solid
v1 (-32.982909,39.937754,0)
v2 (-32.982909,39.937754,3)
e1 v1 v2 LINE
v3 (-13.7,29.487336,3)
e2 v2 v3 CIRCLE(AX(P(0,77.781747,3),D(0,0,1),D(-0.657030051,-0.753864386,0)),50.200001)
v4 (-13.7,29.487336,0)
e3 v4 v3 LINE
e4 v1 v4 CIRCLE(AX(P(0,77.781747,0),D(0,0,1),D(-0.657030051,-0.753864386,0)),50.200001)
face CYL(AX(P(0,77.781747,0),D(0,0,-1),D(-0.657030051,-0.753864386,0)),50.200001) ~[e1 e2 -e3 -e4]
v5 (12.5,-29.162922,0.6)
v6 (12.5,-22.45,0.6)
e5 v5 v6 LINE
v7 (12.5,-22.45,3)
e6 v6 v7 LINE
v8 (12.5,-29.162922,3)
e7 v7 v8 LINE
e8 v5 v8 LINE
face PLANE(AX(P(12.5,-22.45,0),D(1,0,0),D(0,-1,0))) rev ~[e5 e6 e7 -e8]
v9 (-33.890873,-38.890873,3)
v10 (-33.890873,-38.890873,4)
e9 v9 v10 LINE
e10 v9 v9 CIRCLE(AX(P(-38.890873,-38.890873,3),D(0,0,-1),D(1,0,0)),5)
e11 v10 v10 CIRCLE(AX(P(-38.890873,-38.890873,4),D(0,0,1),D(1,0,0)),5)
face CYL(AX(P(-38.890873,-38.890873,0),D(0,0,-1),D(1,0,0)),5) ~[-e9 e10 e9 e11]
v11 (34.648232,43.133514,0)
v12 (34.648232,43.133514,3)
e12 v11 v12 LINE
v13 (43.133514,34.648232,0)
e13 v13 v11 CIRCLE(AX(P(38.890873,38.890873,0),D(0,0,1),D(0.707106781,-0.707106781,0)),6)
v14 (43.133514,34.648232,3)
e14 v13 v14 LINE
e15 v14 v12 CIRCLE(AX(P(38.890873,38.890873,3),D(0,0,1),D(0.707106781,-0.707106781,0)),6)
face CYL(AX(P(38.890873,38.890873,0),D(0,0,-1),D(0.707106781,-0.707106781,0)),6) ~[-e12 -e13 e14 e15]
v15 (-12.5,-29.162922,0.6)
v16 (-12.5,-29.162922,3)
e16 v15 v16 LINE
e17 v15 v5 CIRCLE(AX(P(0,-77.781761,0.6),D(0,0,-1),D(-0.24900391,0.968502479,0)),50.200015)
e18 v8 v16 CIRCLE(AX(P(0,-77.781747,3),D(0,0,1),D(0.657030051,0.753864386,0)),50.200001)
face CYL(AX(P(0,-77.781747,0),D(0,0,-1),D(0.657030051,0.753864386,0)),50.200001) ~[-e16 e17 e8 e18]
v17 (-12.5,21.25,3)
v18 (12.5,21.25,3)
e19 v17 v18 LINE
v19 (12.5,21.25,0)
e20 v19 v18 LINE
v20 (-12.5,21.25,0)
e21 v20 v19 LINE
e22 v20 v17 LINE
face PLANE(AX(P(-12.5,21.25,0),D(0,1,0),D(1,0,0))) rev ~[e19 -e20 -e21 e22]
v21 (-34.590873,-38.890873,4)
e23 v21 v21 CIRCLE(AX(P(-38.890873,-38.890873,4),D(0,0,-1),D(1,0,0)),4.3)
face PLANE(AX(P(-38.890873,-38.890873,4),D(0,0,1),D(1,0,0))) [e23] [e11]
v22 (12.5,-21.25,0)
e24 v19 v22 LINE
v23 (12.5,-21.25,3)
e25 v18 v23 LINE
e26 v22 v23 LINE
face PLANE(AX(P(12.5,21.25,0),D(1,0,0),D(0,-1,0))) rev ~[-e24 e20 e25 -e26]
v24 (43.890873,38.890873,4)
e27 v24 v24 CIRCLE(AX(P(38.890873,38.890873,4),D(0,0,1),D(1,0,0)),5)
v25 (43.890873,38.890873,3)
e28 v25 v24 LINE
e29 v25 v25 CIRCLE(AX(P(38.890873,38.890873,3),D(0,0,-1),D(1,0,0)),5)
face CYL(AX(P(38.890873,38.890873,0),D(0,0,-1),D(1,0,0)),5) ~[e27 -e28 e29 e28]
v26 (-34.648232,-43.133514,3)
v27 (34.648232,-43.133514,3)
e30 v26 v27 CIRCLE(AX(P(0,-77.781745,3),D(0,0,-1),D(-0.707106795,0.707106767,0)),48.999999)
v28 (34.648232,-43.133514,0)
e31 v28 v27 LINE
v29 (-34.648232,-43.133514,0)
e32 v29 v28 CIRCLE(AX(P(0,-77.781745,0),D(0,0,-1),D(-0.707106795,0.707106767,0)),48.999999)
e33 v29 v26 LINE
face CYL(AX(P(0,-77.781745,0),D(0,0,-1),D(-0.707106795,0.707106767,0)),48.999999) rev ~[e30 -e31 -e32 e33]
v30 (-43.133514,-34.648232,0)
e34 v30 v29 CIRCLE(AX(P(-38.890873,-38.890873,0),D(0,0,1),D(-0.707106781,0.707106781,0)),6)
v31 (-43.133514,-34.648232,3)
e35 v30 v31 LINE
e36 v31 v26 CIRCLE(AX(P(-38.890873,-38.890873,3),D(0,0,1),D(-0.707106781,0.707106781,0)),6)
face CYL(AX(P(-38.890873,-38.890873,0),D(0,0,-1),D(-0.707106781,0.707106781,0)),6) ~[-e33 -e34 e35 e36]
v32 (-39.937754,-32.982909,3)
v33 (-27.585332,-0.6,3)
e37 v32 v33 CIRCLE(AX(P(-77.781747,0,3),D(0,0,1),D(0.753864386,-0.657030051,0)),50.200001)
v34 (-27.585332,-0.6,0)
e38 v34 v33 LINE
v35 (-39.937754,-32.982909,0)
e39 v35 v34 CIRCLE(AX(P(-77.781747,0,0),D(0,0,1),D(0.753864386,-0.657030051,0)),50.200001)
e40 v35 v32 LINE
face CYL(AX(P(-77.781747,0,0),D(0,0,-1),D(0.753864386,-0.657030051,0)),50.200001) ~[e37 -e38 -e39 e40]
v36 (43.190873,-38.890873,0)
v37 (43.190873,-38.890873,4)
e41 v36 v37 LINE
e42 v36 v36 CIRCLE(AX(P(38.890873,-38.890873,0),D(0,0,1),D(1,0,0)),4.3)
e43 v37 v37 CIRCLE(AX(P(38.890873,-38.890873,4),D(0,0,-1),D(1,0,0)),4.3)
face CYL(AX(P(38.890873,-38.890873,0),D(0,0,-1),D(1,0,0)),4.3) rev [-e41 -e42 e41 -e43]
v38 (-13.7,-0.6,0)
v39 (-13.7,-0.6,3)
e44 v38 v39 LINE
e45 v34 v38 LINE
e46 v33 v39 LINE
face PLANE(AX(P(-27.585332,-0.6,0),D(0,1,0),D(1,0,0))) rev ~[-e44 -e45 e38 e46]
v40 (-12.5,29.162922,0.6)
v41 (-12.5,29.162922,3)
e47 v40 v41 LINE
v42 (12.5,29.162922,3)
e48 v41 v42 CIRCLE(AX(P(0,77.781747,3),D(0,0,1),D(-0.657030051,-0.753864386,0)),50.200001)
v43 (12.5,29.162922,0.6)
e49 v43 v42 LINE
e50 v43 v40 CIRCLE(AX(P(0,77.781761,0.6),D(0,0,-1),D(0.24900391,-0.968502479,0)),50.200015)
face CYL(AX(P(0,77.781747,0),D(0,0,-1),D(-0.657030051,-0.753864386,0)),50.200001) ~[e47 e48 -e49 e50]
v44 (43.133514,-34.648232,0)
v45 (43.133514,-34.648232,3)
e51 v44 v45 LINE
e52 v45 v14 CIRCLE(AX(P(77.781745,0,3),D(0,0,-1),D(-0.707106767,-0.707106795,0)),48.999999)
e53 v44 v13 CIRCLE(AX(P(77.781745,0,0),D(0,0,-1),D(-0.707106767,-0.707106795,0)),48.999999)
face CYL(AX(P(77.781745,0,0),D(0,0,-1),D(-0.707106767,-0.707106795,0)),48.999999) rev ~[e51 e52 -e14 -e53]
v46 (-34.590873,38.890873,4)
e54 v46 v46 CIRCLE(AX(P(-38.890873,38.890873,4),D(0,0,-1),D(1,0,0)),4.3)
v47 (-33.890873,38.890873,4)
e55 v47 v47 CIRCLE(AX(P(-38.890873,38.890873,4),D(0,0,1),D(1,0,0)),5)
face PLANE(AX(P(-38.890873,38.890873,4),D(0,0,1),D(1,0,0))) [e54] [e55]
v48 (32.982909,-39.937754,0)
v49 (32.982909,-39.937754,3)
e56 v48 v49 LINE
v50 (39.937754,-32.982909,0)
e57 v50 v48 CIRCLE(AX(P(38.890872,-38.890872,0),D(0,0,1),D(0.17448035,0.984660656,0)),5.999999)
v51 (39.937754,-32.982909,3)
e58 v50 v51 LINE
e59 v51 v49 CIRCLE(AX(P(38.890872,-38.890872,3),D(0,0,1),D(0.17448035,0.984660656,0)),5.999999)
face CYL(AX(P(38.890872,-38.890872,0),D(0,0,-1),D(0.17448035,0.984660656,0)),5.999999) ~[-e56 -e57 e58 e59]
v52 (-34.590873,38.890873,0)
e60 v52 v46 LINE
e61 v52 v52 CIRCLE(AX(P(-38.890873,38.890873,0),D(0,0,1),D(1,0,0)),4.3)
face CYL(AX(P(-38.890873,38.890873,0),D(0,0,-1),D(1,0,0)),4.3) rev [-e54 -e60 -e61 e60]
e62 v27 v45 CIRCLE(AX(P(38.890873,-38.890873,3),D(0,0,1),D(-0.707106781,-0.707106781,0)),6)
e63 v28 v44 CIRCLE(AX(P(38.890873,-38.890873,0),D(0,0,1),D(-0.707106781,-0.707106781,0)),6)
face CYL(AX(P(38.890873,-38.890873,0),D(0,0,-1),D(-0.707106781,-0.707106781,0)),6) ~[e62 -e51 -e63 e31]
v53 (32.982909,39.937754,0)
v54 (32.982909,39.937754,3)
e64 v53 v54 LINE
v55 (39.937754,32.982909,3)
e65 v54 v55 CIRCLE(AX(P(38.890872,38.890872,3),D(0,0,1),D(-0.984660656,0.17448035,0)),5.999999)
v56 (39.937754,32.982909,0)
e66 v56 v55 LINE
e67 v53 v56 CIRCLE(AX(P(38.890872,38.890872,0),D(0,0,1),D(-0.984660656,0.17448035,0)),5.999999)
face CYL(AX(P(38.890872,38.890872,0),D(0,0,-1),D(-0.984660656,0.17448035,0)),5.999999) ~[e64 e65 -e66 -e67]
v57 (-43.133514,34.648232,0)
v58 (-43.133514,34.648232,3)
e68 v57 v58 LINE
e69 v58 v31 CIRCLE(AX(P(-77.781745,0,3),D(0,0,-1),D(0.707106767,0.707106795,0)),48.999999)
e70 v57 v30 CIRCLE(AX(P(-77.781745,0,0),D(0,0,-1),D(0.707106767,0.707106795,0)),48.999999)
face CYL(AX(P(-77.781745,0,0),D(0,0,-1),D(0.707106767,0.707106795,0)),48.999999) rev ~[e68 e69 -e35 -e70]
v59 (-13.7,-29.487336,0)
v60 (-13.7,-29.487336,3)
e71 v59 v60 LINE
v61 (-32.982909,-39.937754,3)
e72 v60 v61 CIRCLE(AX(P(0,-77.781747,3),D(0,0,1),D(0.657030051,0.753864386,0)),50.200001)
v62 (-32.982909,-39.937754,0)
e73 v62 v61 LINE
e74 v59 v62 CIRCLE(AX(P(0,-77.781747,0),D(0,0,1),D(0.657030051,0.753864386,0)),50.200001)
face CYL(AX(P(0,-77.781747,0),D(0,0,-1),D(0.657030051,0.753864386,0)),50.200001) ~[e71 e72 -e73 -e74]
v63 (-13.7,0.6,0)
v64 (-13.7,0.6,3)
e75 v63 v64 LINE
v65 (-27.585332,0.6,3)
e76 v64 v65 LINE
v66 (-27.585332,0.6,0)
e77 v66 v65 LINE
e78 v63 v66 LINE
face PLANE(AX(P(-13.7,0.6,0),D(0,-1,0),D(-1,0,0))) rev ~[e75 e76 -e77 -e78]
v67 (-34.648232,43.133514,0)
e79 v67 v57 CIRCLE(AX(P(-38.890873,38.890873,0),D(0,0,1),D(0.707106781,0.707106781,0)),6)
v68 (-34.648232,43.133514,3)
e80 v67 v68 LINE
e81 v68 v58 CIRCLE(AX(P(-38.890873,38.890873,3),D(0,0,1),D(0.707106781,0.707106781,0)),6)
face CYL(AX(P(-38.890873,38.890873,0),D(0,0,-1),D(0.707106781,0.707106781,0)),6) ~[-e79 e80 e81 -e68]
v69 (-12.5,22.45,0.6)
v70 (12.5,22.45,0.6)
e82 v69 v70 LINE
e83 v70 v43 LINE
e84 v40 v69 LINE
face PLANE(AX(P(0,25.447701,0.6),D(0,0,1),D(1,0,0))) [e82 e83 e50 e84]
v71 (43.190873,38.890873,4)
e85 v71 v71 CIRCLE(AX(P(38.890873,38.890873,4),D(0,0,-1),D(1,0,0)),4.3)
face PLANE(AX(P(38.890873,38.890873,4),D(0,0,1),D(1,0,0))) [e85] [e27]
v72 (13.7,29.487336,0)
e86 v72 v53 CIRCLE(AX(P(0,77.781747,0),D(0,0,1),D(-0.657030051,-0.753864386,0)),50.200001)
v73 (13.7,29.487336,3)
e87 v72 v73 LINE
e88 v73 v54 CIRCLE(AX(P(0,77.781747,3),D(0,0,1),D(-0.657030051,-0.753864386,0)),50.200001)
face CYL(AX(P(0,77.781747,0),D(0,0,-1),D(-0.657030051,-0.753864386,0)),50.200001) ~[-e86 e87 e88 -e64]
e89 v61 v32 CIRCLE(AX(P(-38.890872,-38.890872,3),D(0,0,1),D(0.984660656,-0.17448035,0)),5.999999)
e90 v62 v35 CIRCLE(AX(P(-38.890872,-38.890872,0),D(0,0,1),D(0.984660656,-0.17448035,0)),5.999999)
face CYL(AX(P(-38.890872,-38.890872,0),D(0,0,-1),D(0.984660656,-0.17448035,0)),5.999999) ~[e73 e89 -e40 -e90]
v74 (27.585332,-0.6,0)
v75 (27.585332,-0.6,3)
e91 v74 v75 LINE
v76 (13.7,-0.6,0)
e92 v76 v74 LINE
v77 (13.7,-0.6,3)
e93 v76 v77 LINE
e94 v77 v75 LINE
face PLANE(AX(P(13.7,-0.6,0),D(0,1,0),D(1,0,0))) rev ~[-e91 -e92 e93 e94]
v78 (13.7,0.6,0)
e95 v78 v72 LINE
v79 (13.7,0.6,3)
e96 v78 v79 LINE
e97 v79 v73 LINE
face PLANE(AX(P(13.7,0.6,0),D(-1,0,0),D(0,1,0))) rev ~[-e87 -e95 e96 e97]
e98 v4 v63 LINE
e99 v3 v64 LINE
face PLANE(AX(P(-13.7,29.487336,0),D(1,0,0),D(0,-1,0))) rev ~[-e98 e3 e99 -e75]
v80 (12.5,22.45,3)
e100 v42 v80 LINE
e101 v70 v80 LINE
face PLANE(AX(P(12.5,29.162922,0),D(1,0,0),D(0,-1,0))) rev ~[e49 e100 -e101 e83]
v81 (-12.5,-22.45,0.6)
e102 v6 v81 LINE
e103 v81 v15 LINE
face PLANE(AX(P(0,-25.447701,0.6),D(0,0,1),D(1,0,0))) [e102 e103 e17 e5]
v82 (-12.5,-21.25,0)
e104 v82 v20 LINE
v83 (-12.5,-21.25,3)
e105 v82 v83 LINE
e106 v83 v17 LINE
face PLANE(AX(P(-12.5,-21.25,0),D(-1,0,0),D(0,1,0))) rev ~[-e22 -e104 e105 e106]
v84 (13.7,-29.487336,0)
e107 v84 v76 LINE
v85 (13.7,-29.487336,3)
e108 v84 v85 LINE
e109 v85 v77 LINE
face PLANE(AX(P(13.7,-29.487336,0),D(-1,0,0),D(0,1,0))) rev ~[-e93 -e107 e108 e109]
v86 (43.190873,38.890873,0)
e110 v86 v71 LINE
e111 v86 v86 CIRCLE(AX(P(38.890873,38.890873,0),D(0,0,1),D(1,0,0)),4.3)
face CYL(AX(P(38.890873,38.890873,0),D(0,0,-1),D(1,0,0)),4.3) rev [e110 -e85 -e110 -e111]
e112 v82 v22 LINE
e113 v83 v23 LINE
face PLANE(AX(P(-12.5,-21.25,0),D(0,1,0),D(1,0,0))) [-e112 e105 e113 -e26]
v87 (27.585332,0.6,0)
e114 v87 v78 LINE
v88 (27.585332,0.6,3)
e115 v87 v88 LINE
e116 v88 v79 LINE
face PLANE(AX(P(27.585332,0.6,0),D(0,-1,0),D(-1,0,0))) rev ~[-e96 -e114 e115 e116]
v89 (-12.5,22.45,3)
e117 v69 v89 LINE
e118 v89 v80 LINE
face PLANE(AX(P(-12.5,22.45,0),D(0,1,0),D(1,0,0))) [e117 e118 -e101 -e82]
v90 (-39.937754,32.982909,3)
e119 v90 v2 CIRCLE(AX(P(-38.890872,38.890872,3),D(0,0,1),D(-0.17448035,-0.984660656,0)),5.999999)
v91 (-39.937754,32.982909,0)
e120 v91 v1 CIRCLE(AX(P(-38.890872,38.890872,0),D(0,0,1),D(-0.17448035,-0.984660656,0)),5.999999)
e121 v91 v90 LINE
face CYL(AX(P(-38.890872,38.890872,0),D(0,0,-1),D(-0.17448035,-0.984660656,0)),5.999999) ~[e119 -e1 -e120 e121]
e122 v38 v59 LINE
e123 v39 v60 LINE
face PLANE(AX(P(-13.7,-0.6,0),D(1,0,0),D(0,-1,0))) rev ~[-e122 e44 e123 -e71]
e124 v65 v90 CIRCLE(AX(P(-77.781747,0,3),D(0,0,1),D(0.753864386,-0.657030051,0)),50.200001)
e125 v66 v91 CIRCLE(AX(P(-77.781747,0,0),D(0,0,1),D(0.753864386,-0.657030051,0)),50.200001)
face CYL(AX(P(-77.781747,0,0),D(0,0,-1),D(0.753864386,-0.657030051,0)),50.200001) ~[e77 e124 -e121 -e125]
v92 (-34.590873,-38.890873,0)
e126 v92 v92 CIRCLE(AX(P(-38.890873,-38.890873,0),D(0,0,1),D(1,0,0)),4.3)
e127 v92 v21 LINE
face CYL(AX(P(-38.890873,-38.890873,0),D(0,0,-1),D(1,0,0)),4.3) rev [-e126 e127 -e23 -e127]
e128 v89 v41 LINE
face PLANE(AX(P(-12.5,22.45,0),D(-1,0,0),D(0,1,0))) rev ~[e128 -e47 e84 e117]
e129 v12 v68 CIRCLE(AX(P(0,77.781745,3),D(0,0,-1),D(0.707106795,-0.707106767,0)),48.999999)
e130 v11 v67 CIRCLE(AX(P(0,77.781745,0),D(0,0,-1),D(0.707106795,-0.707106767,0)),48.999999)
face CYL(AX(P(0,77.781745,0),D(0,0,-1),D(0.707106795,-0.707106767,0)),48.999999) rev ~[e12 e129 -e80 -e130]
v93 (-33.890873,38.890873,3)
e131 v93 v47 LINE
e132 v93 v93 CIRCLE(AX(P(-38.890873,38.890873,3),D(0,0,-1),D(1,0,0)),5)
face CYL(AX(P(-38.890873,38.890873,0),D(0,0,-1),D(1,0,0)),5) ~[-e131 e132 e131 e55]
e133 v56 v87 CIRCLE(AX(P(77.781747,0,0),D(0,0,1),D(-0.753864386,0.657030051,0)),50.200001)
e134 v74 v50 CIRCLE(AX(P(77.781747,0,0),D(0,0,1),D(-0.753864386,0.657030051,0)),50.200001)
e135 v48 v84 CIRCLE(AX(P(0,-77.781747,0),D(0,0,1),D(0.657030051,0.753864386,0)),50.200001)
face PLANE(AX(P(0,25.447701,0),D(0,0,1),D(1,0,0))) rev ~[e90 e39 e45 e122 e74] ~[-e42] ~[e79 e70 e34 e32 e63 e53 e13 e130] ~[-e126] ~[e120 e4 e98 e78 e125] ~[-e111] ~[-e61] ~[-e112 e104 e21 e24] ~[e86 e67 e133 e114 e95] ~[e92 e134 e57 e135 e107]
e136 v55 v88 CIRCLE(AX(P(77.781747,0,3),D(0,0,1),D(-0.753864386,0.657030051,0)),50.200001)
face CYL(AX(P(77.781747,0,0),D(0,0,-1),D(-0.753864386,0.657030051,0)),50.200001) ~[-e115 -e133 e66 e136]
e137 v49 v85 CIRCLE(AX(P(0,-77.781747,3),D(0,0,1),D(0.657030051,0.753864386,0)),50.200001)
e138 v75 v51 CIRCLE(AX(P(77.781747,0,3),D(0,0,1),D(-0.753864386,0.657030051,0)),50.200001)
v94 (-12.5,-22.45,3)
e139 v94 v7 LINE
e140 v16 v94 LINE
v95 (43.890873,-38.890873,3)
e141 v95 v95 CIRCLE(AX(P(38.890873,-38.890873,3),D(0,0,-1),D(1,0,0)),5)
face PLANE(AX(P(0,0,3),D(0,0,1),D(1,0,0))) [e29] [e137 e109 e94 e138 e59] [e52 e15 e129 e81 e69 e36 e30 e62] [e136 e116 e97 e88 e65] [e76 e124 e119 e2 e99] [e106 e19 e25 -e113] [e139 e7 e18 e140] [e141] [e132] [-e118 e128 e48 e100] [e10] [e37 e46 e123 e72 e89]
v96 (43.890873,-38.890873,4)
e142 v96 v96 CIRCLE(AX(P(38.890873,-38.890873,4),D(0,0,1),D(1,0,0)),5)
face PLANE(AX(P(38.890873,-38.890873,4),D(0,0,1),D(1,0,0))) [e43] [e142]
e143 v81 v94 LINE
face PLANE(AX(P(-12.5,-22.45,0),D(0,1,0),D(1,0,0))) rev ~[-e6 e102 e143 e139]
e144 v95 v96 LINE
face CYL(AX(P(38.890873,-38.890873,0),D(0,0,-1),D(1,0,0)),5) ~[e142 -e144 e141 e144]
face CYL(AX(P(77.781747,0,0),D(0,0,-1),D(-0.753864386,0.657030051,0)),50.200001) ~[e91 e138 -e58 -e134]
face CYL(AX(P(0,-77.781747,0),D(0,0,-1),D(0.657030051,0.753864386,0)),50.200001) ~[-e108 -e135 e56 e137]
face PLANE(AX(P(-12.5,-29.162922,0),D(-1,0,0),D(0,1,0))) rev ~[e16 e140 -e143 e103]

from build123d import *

# Parameters (mm, degrees)
F4_DEPTH = 3
F3_R     = 5
F5_DEPTH = 4
F2_W     = 25
F2_H     = 1.2
F7_DEPTH = 3
F8_DEPTH = 0.6
F6_R     = 4.3
F9_DEPTH = 4.001


with BuildPart() as f4:
    # F1 (on Top) → F4 (new body)
    with BuildSketch(Plane.XY):
        with BuildLine():
            ThreePointArc((-34.648232, 43.133514), (-43.133514, 43.133514), (-43.133514, 34.648232))
            ThreePointArc((-43.133514, 34.648232), (-28.781746, 0), (-43.133514, -34.648232))
            ThreePointArc((-43.133514, -34.648232), (-43.133514, -43.133514), (-34.648232, -43.133514))
            ThreePointArc((-34.648232, -43.133514), (0, -28.781746), (34.648232, -43.133514))
            ThreePointArc((34.648232, -43.133514), (43.133514, -43.133514), (43.133514, -34.648232))
            ThreePointArc((43.133514, -34.648232), (28.781746, 0), (43.133514, 34.648232))
            ThreePointArc((43.133514, 34.648232), (43.133514, 43.133514), (34.648232, 43.133514))
            ThreePointArc((34.648232, 43.133514), (0, 28.781746), (-34.648232, 43.133514))
        make_face()
        with BuildLine():
            ThreePointArc((-32.982909, 39.937754), (0, 27.581746), (32.982909, 39.937754))
            ThreePointArc((32.982909, 39.937754), (34.648232, 34.648232), (39.937754, 32.982909))
            ThreePointArc((39.937754, 32.982909), (27.581746, 0), (39.937754, -32.982909))
            ThreePointArc((39.937754, -32.982909), (34.648232, -34.648232), (32.982909, -39.937754))
            ThreePointArc((32.982909, -39.937754), (0, -27.581746), (-32.982909, -39.937754))
            ThreePointArc((-32.982909, -39.937754), (-34.648232, -34.648232), (-39.937754, -32.982909))
            ThreePointArc((-39.937754, -32.982909), (-27.581746, 0), (-39.937754, 32.982909))
            ThreePointArc((-39.937754, 32.982909), (-34.648232, 34.648232), (-32.982909, 39.937754))
        make_face(mode=Mode.SUBTRACT)
    extrude(amount=F4_DEPTH)

    # F3 (on Top) → F5 (join)
    with BuildSketch(Plane.XY):
        with Locations((-38.890873, 38.890873)):
            Circle(F3_R)
        with Locations((38.890873, 38.890873)):
            Circle(F3_R)
        with Locations((-38.890873, -38.890873)):
            Circle(F3_R)
        with Locations((38.890873, -38.890873)):
            Circle(F3_R)
    extrude(amount=F5_DEPTH)

    # F2 (on Top) → F7 (join, through all)
    with BuildSketch(Plane.XY):
        with BuildLine():
            Line((-12.5, 22.45), (-12.5, 29.162922))
            ThreePointArc((-12.5, 29.162922), (-13.101004, 29.321415), (-13.7, 29.487336))
            Line((-13.7, 29.487336), (-13.7, 23.25))
            Line((-13.7, 23.25), (-13.7, 21.25))
            Line((-13.7, 21.25), (-13.7, 0.6))
            Line((-13.7, 0.6), (-13.7, -0.6))
            Line((-13.7, -0.6), (-13.7, -21.25))
            Line((-13.7, -21.25), (-13.7, -23.25))
            Line((-13.7, -23.25), (-13.7, -29.487336))
            ThreePointArc((-13.7, -29.487336), (-13.101004, -29.321415), (-12.5, -29.162922))
            Line((-12.5, -29.162922), (-12.5, -22.45))
            Line((-12.5, -22.45), (-12.5, -21.25))
            Line((-12.5, -21.25), (-12.5, 21.25))
            Line((-12.5, 21.25), (-12.5, 22.45))
        make_face()
        with BuildLine():
            ThreePointArc((13.7, 29.487336), (13.101004, 29.321415), (12.5, 29.162922))
            Line((12.5, 29.162922), (12.5, 22.45))
            Line((12.5, 22.45), (12.5, 21.25))
            Line((12.5, 21.25), (12.5, -21.25))
            Line((12.5, -21.25), (12.5, -22.45))
            Line((12.5, -22.45), (12.5, -29.162922))
            ThreePointArc((12.5, -29.162922), (13.101004, -29.321415), (13.7, -29.487336))
            Line((13.7, -29.487336), (13.7, -23.25))
            Line((13.7, -23.25), (13.7, -21.25))
            Line((13.7, -21.25), (13.7, -0.6))
            Line((13.7, -0.6), (13.7, 0.6))
            Line((13.7, 0.6), (13.7, 21.25))
            Line((13.7, 21.25), (13.7, 23.25))
            Line((13.7, 23.25), (13.7, 29.487336))
        make_face()
        with Locations((0, 21.85)):
            Rectangle(F2_W, F2_H)
        with Locations((0, -21.85)):
            Rectangle(F2_W, F2_H)
        with BuildLine():
            Line((-13.7, -0.6), (-13.7, 0.6))
            Line((-13.7, 0.6), (-27.585332, 0.6))
            ThreePointArc((-27.585332, 0.6), (-27.581746, 0), (-27.585332, -0.6))
            Line((-27.585332, -0.6), (-13.7, -0.6))
        make_face()
        with BuildLine():
            Line((27.585332, 0.6), (13.7, 0.6))
            Line((13.7, 0.6), (13.7, -0.6))
            Line((13.7, -0.6), (27.585332, -0.6))
            ThreePointArc((27.585332, -0.6), (27.581746, 0), (27.585332, 0.6))
        make_face()
    extrude(amount=F7_DEPTH)

    # F2 (on Top) → F8 (join)
    with BuildSketch(Plane.XY):
        with BuildLine():
            ThreePointArc((12.5, 29.162922), (0, 27.581746), (-12.5, 29.162922))
            Line((-12.5, 29.162922), (-12.5, 22.45))
            Line((-12.5, 22.45), (12.5, 22.45))
            Line((12.5, 22.45), (12.5, 29.162922))
        make_face()
        with BuildLine():
            Line((12.5, -22.45), (-12.5, -22.45))
            Line((-12.5, -22.45), (-12.5, -29.162922))
            ThreePointArc((-12.5, -29.162922), (0, -27.581746), (12.5, -29.162922))
            Line((12.5, -29.162922), (12.5, -22.45))
        make_face()
    extrude(amount=F8_DEPTH)

    # F6 (on Top) → F9 (cut, through all)
    with BuildSketch(Plane.XY):
        with Locations((-38.890873, 38.890873)):
            Circle(F6_R)
        with Locations((38.890873, 38.890873)):
            Circle(F6_R)
        with Locations((-38.890873, -38.890873)):
            Circle(F6_R)
        with Locations((38.890873, -38.890873)):
            Circle(F6_R)
    extrude(amount=F9_DEPTH, mode=Mode.SUBTRACT)


solid = f4.part
